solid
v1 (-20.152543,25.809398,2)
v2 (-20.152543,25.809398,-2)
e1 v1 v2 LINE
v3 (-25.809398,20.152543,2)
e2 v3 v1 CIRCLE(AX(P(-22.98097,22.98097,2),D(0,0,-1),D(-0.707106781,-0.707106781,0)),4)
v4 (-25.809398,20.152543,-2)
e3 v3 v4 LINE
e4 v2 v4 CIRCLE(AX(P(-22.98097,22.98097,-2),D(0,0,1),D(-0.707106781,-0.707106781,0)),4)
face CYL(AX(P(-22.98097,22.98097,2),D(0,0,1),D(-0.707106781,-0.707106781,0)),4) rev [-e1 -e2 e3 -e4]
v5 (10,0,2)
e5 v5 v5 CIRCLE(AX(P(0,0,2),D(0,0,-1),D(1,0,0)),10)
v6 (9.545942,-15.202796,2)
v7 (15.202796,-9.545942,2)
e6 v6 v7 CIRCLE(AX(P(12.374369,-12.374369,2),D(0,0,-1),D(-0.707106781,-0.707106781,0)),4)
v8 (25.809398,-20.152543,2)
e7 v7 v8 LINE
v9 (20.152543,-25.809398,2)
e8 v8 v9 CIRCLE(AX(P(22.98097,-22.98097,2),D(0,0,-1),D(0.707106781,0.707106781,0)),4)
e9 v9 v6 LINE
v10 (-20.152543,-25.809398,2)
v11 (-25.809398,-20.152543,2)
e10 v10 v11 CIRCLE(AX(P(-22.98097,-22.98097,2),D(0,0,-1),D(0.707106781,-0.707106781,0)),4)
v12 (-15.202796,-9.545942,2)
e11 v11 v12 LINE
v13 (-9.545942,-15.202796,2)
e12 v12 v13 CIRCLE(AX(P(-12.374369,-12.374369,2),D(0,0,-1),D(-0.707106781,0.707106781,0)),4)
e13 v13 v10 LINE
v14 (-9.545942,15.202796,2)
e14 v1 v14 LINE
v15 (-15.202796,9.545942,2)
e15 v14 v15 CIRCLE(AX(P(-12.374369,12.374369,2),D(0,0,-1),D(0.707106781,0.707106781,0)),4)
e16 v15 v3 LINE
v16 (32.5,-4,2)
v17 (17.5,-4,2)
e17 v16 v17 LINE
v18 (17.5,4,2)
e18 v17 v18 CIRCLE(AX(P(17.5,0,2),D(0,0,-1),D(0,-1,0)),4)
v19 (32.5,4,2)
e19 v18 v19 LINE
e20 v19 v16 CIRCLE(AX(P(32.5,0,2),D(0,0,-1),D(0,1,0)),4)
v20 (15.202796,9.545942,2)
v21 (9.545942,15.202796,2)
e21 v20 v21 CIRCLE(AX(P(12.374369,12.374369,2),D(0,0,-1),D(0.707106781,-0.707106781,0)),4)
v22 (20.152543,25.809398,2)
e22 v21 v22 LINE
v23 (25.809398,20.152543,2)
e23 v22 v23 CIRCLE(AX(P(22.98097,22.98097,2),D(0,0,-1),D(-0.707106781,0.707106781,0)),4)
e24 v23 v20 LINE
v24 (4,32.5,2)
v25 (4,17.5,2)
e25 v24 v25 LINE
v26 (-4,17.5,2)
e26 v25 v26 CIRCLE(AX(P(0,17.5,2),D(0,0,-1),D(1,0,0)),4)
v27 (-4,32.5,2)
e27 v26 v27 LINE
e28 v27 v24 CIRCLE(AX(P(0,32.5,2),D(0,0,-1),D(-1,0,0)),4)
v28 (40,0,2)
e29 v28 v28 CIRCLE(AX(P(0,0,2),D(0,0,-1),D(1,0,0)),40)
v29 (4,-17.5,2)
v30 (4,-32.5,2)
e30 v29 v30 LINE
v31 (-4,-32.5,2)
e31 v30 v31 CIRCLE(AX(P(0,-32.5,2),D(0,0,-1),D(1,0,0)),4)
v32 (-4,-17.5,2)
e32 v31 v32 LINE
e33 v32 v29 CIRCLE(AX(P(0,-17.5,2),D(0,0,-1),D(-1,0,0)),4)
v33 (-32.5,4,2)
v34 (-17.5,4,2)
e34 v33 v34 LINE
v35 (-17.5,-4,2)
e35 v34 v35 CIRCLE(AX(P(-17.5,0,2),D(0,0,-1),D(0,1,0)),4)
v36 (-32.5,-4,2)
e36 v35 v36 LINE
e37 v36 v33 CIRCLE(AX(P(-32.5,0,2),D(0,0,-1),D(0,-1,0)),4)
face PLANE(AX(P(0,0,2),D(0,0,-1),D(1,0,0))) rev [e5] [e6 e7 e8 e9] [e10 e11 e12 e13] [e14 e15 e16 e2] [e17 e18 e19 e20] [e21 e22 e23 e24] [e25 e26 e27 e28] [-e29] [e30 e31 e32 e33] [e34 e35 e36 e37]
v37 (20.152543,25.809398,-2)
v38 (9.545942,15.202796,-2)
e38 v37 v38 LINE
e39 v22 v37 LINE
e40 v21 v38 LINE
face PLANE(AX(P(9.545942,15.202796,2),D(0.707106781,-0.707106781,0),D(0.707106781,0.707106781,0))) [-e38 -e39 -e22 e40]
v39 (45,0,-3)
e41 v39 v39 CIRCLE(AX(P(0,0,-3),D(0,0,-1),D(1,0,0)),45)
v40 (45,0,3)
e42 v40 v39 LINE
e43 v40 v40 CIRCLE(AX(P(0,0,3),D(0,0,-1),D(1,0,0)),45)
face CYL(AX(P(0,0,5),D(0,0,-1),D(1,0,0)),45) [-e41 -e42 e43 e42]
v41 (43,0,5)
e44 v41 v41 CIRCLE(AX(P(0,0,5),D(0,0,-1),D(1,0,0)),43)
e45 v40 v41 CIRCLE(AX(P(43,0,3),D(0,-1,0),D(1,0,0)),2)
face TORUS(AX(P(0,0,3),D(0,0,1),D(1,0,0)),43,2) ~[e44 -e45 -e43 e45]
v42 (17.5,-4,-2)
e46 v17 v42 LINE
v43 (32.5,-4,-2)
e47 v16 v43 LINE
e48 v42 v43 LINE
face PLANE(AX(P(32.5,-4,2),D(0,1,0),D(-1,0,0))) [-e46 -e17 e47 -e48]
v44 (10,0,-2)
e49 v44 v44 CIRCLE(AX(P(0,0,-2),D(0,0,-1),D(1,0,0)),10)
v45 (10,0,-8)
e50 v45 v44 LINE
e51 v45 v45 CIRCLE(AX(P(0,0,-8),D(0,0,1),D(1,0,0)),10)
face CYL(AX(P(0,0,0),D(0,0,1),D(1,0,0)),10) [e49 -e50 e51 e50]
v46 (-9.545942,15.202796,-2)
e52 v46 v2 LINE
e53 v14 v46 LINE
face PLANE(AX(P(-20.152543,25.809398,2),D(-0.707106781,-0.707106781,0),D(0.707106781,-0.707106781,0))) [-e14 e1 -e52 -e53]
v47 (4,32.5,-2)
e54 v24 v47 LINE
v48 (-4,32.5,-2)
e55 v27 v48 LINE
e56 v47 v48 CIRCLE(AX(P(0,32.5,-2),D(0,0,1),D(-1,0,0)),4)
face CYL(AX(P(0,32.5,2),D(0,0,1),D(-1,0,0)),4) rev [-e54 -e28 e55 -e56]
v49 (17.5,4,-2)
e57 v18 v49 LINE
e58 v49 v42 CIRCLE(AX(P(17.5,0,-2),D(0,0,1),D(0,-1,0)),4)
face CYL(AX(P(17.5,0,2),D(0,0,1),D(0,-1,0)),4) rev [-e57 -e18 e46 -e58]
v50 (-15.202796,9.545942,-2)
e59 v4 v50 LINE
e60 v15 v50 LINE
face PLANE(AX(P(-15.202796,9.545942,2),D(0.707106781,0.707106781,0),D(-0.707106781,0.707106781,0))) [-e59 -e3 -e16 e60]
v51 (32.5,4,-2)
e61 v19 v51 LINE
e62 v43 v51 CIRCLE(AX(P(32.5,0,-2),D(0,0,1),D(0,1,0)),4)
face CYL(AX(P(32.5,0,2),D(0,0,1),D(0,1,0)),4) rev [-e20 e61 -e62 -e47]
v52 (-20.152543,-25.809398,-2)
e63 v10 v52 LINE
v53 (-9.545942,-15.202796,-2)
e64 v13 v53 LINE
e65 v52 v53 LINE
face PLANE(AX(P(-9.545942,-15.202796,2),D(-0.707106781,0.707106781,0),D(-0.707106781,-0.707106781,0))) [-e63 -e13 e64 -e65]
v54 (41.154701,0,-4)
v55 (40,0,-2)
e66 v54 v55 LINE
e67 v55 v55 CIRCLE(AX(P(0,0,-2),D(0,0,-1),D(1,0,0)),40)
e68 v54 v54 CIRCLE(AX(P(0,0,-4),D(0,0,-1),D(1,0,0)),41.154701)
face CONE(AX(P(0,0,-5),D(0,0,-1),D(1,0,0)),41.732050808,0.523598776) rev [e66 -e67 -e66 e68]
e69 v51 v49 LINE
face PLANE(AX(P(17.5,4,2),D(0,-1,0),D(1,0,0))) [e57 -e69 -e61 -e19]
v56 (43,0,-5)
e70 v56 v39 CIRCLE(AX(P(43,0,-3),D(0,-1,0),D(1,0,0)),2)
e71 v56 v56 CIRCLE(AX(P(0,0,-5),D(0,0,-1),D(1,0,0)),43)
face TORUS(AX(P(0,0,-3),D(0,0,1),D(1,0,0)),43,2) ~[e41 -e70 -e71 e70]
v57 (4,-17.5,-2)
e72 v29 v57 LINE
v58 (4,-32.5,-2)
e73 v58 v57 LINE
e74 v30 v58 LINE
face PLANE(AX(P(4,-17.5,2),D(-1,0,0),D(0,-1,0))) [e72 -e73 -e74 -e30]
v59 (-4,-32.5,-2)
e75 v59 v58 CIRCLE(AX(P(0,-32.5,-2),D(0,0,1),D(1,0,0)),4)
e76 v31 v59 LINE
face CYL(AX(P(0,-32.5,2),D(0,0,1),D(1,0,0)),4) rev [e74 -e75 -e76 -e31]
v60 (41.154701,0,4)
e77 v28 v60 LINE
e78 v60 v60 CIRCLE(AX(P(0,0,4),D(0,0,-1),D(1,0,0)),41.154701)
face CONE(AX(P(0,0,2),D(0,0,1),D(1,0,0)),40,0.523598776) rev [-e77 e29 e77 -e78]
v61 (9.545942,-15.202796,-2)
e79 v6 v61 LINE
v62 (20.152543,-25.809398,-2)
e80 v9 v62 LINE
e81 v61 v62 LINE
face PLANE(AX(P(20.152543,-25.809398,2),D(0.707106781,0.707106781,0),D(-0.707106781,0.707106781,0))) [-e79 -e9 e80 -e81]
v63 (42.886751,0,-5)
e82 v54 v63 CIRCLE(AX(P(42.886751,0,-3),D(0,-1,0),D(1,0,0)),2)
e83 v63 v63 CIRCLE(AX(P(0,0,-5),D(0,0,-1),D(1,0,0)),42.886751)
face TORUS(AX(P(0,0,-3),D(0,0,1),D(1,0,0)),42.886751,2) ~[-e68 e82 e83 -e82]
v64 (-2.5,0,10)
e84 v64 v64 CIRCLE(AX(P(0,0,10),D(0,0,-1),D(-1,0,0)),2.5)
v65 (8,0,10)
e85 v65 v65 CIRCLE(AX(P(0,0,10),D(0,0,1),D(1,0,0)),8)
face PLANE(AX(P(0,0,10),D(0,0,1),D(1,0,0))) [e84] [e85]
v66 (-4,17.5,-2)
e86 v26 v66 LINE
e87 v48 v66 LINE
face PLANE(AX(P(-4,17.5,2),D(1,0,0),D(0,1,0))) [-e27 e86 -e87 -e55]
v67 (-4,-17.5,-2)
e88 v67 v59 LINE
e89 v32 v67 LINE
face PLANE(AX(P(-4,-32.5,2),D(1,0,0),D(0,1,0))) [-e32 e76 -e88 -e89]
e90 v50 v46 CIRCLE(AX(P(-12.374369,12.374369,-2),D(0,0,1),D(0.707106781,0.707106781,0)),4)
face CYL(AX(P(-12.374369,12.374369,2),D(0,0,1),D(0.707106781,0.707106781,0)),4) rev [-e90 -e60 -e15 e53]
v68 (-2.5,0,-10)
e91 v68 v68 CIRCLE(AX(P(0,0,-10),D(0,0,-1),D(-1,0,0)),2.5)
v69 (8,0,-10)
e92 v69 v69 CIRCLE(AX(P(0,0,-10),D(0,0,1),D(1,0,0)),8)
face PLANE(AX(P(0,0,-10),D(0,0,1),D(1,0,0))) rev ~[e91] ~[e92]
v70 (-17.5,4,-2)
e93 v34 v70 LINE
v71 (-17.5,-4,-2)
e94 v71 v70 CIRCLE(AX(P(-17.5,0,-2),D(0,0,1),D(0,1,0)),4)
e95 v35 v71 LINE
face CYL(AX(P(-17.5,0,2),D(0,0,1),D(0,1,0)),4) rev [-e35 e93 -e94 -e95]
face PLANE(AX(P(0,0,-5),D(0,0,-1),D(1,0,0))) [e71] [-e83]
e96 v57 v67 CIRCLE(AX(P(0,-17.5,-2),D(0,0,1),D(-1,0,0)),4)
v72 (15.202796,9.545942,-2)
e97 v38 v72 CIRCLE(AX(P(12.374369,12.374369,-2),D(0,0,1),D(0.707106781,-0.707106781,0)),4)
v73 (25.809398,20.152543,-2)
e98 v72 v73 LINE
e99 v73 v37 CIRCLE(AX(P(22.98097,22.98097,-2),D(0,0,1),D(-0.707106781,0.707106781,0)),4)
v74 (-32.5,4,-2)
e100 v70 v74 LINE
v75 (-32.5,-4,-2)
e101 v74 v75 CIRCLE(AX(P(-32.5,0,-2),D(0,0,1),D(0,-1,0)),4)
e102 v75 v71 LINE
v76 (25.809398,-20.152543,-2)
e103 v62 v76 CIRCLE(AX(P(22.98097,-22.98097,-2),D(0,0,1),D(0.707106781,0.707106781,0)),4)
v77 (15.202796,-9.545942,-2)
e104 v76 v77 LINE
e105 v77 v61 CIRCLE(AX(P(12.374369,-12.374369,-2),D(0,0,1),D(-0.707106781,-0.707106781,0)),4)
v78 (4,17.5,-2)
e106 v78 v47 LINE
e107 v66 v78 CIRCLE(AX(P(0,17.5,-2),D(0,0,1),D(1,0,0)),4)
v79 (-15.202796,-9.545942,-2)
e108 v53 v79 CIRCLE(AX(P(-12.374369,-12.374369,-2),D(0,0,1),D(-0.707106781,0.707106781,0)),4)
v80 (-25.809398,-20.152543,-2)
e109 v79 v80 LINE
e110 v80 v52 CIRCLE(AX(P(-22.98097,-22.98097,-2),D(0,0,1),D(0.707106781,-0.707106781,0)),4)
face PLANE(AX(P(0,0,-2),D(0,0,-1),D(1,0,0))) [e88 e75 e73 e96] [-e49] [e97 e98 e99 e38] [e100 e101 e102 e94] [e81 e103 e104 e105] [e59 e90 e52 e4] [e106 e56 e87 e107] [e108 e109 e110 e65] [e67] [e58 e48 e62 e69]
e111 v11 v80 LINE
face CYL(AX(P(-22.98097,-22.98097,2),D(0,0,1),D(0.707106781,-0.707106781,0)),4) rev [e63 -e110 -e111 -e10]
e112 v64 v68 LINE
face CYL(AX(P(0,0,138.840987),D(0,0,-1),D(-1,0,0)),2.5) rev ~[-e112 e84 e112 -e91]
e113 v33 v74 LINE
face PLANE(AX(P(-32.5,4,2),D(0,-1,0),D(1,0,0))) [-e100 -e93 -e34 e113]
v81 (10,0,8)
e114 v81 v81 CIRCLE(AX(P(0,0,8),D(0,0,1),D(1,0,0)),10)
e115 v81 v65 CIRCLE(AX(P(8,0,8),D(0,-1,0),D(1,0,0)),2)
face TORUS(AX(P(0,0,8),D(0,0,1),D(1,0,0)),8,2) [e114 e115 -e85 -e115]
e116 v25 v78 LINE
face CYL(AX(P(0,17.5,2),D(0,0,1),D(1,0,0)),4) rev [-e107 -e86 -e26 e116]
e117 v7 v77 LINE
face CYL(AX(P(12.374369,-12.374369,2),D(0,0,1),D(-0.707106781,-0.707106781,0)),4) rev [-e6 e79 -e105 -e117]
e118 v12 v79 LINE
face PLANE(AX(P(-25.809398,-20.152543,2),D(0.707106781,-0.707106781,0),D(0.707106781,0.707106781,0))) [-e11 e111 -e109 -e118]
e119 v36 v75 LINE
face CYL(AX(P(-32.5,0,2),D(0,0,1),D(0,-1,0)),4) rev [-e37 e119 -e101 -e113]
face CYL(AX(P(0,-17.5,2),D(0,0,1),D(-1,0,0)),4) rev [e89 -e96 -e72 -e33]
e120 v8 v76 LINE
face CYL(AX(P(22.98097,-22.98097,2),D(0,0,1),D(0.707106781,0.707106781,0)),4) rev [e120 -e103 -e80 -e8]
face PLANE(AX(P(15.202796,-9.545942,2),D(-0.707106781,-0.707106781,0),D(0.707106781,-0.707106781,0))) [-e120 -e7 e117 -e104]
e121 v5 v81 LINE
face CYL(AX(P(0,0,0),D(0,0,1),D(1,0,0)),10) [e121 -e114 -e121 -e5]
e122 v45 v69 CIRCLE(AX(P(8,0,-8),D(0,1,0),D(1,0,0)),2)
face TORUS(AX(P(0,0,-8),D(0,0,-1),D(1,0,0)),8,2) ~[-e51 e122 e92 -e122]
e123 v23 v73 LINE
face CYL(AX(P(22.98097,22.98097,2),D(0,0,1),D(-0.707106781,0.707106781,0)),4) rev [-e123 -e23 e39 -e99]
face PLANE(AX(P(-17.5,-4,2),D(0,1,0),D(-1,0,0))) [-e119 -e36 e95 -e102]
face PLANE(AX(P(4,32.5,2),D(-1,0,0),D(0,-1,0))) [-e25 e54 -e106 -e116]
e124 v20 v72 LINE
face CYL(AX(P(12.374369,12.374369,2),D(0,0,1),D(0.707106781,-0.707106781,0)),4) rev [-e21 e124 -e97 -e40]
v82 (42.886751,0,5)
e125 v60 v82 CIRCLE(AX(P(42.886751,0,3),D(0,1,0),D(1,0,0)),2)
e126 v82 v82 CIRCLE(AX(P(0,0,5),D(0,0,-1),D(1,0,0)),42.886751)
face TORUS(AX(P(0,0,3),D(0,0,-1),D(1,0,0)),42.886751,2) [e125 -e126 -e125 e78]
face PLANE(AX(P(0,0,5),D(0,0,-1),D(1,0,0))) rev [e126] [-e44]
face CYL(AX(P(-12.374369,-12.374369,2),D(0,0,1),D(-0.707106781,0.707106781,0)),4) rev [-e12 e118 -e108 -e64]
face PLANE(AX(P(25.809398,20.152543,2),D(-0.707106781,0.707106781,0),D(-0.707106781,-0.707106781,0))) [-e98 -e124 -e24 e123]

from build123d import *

# Parameters (mm, degrees)
SKETCH1_R                = 10
BOSS_EXTRUDE1_DEPTH      = 10
CUT_EXTRUDE1_DEPTH       = 10
CIRPATTERN1_COUNT        = 8
FILLET1_R                = 2
F_5_0_5_DIAMETER_HOLE1_D = 5


with BuildPart() as part:
    # Sketch1 → Boss-Extrude1 (new, symmetric)
    with BuildSketch(Plane.XY):
        Circle(SKETCH1_R)
    extrude(amount=BOSS_EXTRUDE1_DEPTH, both=True)

    # Sketch2 → Revolve1 (revolve)
    with BuildSketch(Plane(origin=(0, 0, 0), x_dir=(0, 0, -1), z_dir=(1, 0, 0)), mode=Mode.PRIVATE) as revolve1_sk:
        Polygon((-5, 45), (5, 45), (5, 41.732050808), (2, 40), (2, 10), (-2, 10), (-2, 40), (-5, 41.732050808), align=None)
    revolve(revolve1_sk.sketch.rotate(Axis((0, 0, 10), (0, 0, -1)), 90), axis=Axis((0, 0, 10), (0, 0, -1)))

    # Sketch3 → Cut-Extrude1 (cut)
    with BuildSketch(Plane.XY.offset(2)):
        with BuildLine():
            Line((4, 32.5), (4, 17.5))
            ThreePointArc((4, 17.5), (0, 13.5), (-4, 17.5))
            Line((-4, 17.5), (-4, 32.5))
            ThreePointArc((-4, 32.5), (0, 36.5), (4, 32.5))
        make_face()
    cut_extrude1 = extrude(amount=-CUT_EXTRUDE1_DEPTH, mode=Mode.SUBTRACT)

    # CirPattern1: Cut-Extrude1 ×8 about axis
    cirpattern1_axis = Axis((0, 0, 0), (0, 0, 1))
    for i in range(1, CIRPATTERN1_COUNT):
        add(cut_extrude1.rotate(cirpattern1_axis, i * 360 / CIRPATTERN1_COUNT), mode=Mode.SUBTRACT)

    # Fillet1
    fillet1_edges = [part.edges().sort_by_distance(p)[0] for p in [
        (-10, 0, -10),
        (-10, 0, 10),
        (-41.732050808, 0, -5),
        (-41.732050808, 0, 5),
        (-45, 0, 5),
        (-45, 0, -5),
    ]]
    fillet(fillet1_edges, radius=FILLET1_R)

    # Ø5.0 (5) Diameter Hole1 (through all)
    with Locations(Plane.XY.offset(10)):
        with Locations((0, 0)):
            Hole(F_5_0_5_DIAMETER_HOLE1_D / 2)


solid = part.part
